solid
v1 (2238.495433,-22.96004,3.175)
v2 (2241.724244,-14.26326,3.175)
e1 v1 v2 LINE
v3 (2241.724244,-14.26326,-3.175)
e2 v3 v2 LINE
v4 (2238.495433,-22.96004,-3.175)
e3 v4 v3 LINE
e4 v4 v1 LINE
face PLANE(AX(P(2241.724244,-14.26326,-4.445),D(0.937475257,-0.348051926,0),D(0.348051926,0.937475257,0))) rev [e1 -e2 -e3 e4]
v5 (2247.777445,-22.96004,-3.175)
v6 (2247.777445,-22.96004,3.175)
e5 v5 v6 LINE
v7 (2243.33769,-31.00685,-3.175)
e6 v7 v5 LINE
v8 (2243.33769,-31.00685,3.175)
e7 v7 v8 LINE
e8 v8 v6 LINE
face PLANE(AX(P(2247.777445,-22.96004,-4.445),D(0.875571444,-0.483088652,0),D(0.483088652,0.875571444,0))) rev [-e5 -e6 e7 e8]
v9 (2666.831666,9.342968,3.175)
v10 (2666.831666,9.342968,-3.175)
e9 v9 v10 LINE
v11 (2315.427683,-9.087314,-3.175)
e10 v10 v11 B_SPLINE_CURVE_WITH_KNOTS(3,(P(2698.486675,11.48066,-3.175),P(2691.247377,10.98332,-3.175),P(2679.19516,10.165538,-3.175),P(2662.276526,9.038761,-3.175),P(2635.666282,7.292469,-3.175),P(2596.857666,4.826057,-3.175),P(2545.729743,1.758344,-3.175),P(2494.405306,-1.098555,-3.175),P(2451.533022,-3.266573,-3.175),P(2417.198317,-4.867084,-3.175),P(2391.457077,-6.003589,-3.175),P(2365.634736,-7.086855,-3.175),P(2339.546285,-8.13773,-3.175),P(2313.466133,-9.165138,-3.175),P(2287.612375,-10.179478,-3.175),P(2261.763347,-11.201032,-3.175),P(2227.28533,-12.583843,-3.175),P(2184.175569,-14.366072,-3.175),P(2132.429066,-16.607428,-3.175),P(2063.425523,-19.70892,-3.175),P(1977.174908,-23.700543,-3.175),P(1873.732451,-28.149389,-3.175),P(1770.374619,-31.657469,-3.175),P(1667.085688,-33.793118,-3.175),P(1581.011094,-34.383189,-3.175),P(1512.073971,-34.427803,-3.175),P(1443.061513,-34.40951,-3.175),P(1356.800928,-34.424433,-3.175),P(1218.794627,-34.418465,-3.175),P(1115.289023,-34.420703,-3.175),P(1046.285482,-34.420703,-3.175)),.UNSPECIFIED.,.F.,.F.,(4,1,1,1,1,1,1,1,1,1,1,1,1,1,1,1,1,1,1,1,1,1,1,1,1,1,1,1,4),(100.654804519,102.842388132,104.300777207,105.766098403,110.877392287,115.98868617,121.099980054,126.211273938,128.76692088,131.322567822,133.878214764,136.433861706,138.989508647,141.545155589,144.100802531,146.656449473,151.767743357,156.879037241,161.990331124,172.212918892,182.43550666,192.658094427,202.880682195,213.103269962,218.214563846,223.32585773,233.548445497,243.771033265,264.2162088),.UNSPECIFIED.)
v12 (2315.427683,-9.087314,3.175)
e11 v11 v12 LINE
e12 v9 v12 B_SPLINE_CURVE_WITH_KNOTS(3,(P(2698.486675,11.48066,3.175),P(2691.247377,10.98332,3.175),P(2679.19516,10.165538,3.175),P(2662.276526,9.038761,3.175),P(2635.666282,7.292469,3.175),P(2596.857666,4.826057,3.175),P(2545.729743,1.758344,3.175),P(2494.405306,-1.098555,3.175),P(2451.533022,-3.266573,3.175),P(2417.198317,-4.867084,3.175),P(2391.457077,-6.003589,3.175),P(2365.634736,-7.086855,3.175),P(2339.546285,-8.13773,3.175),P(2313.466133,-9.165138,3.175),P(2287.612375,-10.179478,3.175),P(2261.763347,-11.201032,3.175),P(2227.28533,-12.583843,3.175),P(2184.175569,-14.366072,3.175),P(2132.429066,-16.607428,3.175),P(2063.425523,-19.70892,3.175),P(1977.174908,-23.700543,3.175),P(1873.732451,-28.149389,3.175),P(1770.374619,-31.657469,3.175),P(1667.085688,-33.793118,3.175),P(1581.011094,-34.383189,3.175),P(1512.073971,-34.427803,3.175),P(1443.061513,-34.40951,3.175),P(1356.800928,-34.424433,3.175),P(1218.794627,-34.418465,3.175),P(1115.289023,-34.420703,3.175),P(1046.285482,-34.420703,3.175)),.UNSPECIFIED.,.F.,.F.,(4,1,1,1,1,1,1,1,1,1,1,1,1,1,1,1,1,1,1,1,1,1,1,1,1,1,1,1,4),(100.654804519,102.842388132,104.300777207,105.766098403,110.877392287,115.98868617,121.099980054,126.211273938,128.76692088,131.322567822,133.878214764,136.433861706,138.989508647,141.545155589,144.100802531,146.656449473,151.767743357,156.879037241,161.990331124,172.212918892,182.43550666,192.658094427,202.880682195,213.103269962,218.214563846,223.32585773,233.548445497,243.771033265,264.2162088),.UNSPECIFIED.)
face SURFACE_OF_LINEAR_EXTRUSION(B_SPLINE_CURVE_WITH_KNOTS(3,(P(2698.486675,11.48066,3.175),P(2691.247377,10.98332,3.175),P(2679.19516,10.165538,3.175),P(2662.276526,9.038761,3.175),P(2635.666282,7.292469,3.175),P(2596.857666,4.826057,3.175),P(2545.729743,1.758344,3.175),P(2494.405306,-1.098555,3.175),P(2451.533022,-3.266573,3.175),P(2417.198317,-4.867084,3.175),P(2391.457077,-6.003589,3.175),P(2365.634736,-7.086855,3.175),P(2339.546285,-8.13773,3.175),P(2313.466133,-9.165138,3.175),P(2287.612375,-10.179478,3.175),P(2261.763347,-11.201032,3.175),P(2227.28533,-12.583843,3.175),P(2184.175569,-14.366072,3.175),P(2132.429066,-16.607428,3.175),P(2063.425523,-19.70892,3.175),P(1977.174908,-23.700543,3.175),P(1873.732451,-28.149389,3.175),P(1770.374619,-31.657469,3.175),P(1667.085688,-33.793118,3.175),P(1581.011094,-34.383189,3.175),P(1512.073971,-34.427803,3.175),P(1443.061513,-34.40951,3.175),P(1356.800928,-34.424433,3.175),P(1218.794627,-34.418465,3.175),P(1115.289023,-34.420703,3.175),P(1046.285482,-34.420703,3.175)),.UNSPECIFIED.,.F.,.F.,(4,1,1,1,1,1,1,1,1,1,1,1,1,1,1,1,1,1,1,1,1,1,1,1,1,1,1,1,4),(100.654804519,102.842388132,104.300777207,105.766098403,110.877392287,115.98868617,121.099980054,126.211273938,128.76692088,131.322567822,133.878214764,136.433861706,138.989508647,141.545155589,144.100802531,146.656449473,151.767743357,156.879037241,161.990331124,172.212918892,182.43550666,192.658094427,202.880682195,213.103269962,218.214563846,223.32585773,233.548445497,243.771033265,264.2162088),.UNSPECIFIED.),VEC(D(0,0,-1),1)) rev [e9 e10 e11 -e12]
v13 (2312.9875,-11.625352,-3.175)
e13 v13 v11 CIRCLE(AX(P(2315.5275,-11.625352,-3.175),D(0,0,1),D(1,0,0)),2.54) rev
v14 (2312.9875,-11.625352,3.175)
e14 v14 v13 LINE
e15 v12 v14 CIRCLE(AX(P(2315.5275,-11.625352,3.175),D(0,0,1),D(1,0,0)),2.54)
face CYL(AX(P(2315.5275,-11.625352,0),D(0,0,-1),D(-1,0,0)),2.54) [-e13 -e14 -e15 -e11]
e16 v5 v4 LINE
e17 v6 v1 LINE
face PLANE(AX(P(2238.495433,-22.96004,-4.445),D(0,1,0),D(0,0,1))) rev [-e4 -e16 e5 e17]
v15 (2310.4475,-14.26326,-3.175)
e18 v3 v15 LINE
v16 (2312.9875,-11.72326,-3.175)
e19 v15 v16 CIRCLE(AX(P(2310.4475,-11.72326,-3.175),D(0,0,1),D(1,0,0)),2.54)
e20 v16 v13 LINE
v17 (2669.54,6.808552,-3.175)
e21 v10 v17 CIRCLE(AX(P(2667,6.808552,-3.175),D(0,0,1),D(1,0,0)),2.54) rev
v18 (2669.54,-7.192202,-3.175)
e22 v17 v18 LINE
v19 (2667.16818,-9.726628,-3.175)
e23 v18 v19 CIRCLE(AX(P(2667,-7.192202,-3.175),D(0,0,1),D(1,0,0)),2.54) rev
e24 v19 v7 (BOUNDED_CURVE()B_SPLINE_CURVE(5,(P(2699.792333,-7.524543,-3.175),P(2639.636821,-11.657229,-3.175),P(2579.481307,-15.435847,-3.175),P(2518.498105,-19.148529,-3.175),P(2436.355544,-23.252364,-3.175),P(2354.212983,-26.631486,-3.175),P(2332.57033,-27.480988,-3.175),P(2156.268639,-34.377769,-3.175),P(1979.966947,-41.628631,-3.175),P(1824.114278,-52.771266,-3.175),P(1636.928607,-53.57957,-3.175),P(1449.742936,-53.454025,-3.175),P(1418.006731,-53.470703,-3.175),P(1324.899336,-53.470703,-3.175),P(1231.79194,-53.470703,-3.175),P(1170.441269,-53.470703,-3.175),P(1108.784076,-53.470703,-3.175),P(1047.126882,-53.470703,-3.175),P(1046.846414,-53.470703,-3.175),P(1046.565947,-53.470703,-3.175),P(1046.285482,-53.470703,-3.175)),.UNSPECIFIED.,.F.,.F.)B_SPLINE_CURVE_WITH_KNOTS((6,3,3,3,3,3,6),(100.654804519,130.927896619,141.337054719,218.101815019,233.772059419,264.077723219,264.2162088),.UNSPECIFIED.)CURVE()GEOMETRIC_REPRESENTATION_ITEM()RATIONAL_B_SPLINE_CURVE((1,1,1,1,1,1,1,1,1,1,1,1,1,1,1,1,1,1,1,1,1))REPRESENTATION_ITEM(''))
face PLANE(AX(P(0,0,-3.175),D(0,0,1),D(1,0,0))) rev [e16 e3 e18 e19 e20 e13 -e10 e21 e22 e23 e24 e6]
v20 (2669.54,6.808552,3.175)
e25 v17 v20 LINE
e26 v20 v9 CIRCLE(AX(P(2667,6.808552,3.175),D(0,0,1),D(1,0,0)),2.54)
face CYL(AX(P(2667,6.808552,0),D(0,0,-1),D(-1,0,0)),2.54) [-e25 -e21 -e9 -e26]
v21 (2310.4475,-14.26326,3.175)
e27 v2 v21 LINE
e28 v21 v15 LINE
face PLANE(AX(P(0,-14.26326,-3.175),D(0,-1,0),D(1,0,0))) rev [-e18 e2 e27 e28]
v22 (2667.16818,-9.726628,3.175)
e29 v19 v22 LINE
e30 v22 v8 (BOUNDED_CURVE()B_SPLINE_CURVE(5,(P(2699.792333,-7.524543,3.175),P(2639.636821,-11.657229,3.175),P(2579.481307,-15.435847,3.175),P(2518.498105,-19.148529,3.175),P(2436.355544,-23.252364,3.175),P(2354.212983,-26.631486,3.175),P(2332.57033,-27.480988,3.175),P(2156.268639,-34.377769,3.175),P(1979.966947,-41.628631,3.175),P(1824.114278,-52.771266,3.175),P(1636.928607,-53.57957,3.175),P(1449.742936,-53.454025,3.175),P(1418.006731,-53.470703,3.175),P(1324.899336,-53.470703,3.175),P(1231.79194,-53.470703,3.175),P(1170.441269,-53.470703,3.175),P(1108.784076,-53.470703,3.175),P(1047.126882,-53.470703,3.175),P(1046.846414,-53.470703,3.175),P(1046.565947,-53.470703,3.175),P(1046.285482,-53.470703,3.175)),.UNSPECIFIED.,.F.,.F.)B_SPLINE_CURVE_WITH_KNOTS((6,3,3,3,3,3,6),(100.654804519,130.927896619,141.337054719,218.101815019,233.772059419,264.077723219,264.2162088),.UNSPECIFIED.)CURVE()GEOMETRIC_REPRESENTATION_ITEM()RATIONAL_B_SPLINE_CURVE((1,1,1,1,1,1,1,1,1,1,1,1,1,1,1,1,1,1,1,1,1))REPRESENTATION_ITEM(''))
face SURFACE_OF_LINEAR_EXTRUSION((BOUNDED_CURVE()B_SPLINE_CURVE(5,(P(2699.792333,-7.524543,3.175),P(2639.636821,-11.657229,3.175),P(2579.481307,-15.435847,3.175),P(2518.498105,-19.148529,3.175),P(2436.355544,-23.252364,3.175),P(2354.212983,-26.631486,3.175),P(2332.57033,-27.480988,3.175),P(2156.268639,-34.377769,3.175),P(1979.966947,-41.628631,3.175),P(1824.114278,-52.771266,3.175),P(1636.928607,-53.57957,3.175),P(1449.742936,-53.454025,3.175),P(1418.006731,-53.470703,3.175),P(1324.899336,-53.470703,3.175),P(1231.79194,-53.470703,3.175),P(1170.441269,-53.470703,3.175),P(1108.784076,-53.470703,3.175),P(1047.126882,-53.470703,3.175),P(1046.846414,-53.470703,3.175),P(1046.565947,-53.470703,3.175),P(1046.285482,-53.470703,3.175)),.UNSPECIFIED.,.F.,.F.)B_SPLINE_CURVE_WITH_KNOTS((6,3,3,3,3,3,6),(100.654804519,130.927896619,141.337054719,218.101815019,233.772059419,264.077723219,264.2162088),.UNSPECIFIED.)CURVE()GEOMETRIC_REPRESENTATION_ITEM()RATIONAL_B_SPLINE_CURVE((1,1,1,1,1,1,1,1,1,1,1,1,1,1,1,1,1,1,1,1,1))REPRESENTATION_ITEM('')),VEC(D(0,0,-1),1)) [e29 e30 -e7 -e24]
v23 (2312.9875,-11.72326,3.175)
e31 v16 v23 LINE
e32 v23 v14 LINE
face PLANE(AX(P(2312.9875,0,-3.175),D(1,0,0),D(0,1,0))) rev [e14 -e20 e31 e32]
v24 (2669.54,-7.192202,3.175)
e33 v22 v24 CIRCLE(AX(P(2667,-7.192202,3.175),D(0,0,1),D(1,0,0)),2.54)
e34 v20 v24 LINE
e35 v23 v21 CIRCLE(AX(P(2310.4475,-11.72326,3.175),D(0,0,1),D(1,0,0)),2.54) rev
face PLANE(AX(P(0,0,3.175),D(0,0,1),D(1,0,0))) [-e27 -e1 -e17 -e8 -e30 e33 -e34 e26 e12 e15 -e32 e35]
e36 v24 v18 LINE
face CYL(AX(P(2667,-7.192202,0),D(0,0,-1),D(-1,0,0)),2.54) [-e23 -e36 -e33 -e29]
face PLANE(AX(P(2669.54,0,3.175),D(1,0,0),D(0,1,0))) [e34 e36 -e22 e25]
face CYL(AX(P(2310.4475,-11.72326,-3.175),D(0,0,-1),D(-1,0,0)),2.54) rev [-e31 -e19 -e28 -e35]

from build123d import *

# Parameters (mm, degrees)
BOSS_EXTRUDE1_DEPTH = 3.175
CUT_EXTRUDE1_DEPTH  = 7.3500001
FILLET1_R           = 2.54
CUT_EXTRUDE2_DEPTH  = 7.62


with BuildPart() as part:
    # Sketch1 → Boss-Extrude1 (new body, symmetric)
    with BuildSketch(Plane.XY):
        with BuildLine():
            Line((499.61002795, -53.470702797), (1046.28548189, -53.470702797))
            add(Edge.make_bspline(
                [(2669.54, -9.569049356), (2615.393603553, -13.17073937), (2561.080658619, -16.536108081), (2506.205230446, -19.758621957), (2430.209106802, -23.505211705), (2354.212983157, -26.631486423), (2332.570330468, -27.480988169), (2156.268639429, -34.377768543), (1979.966947376, -41.628631248), (1824.114277635, -52.771265877), (1636.928606778, -53.579569849), (1449.742935921, -53.454024613), (1418.006730935, -53.470702797), (1324.899336146, -53.470702797), (1231.791940344, -53.470702797), (1170.441269319, -53.470702797), (1108.784075813, -53.470702797), (1047.126882346, -53.470702797), (1046.846414188, -53.470702797), (1046.565947184, -53.470702797), (1046.28548189, -53.470702797)],
                knots=[103.698913506, 103.698913506, 103.698913506, 103.698913506, 103.698913506, 103.698913506, 130.927896619, 130.927896619, 130.927896619, 141.337054719, 141.337054719, 141.337054719, 218.101815019, 218.101815019, 218.101815019, 233.772059419, 233.772059419, 233.772059419, 264.077723219, 264.077723219, 264.077723219, 264.2162088, 264.2162088, 264.2162088, 264.2162088, 264.2162088, 264.2162088], degree=5))
            Line((2669.54, -9.569049356), (2669.54, 9.5231025))
            add(Edge.make_bspline(
                [(2669.54, 9.5231025), (2667.126494524, 9.36235515), (2659.861586685, 8.880281494), (2635.666282302, 7.292469146), (2596.857665529, 4.826056853), (2545.729743039, 1.758344093), (2494.405305707, -1.098555235), (2451.533022267, -3.266573297), (2417.198316756, -4.86708361), (2391.457076919, -6.003589235), (2365.634736307, -7.086854581), (2339.546284672, -8.137729944), (2313.466132974, -9.165138371), (2287.612375486, -10.179478215), (2261.763347437, -11.201032297), (2227.285329715, -12.583842557), (2184.175569393, -14.36607236), (2132.429066114, -16.607427868), (2063.4255234, -19.708920485), (1977.174907635, -23.700543313), (1873.732451432, -28.149389221), (1770.37461881, -31.657468649), (1667.085687813, -33.793117556), (1581.011094491, -34.383188831), (1512.07397126, -34.4278026), (1443.061513477, -34.409510402), (1356.800927879, -34.424432812), (1218.794626954, -34.418464788), (1115.289022786, -34.420702797), (1046.28548189, -34.420702797)],
                knots=[103.571582669, 103.571582669, 103.571582669, 103.571582669, 104.300777207, 105.766098403, 110.877392287, 115.98868617, 121.099980054, 126.211273938, 128.76692088, 131.322567822, 133.878214764, 136.433861706, 138.989508647, 141.545155589, 144.100802531, 146.656449473, 151.767743357, 156.879037241, 161.990331124, 172.212918892, 182.43550666, 192.658094427, 202.880682195, 213.103269962, 218.214563846, 223.32585773, 233.548445497, 243.771033265, 264.2162088, 264.2162088, 264.2162088, 264.2162088], degree=3))
            Line((1046.28548189, -34.420702797), (499.61002795, -34.420702797))
            add(Edge.make_bspline(
                [(499.61002795, -34.420702797), (488.614737518, -34.420702797), (472.236395365, -34.420702798), (449.940231846, -34.420702794), (427.771305695, -34.42070281), (405.874681663, -34.420702712), (384.584909128, -34.420702942), (368.900229326, -34.420702244), (353.376568613, -34.420704862), (332.608466435, -34.420689186), (306.287754853, -34.420570006), (274.023487704, -34.420538256), (252.271015965, -34.420709741), (241.425150134, -34.420702761)],
                knots=[19.90682951, 19.90682951, 19.90682951, 19.90682951, 23.220120017, 24.876765271, 26.533410525, 29.846701033, 31.503346286, 33.15999154, 34.816636794, 36.473282048, 39.786572556, 43.099863063, 46.413153571, 46.413153571, 46.413153571, 46.413153571], degree=3))
            add(Edge.make_bspline(
                [(241.425150134, -34.420702761), (239.394928853, -34.420701455), (235.322322927, -34.420495867), (227.274423443, -34.398702533), (217.319360062, -34.297466855), (205.530690077, -33.976385563), (189.963341914, -33.212641271), (170.696984653, -31.543495194), (147.533261232, -28.314398128), (125.482753206, -24.202109872), (109.358914834, -20.622537553), (100.964116069, -18.612521054), (99.06, -18.149327722)],
                knots=[0, 0, 0, 0, 0.622088422, 1.244176844, 2.488353689, 3.732530533, 4.976707377, 7.465061066, 9.953414755, 12.441768444, 14.55823542, 15.180323842, 15.180323842, 15.180323842, 15.180323842], degree=3))
            Line((99.06, -18.149327722), (99.06, -37.741485304))
            add(Edge.make_bspline(
                [(241.425137875, -53.470702761), (224.286916993, -53.470691732), (207.149474967, -53.467315374), (190.203897513, -52.686577078), (161.734965878, -49.987457476), (133.266034188, -45.175583375), (121.749620566, -42.910592695), (110.349390726, -40.420274627), (99.06, -37.741485304)],
                knots=[0, 0, 0, 0, 0, 0, 8.71381608, 8.71381608, 8.71381608, 14.701907176, 14.701907176, 14.701907176, 14.701907176, 14.701907176, 14.701907176], degree=5))
            add(Edge.make_bspline(
                [(499.61002795, -53.470702797), (492.136820835, -53.470702797), (484.754348064, -53.470702797), (477.443025859, -53.470702797), (448.516583145, -53.470702797), (419.590140517, -53.470702797), (398.368118521, -53.470702797), (355.647540186, -53.470702797), (312.926961851, -53.470702797), (289.235090436, -53.470293029), (265.364963651, -53.470705034), (241.4948369, -53.470702789), (241.471603891, -53.470702785), (241.448370882, -53.470702776), (241.425137875, -53.470702761)],
                knots=[19.90682951, 19.90682951, 19.90682951, 19.90682951, 19.90682951, 19.90682951, 23.637897311, 23.637897311, 23.637897311, 34.276545571, 34.276545571, 34.276545571, 46.401340901, 46.401340901, 46.401340901, 46.413153571, 46.413153571, 46.413153571, 46.413153571, 46.413153571, 46.413153571], degree=5))
        make_face()
    extrude(amount=BOSS_EXTRUDE1_DEPTH, both=True)

    # Sketch2 → Cut-Extrude1 (cut, through all)
    with BuildSketch(Plane.XY.offset(3.175)):
        with BuildLine():
            add(Edge.make_bspline(
                [(2312.9875, -9.183260037), (2304.505441691, -9.516700376), (2287.441020622, -10.186250162), (2261.763347437, -11.201032297), (2228.230552004, -12.545932515), (2203.310445107, -13.575047161), (2187.00995947, -14.263260037)],
                knots=[139.04033329, 139.04033329, 139.04033329, 139.04033329, 141.545155589, 144.100802531, 146.656449473, 151.487488909, 151.487488909, 151.487488909, 151.487488909], degree=3))
            Line((2187.00995947, -14.263260037), (2312.9875, -14.263260037))
            Line((2312.9875, -14.263260037), (2312.9875, -9.183260037))
        make_face()
    extrude(amount=-CUT_EXTRUDE1_DEPTH, mode=Mode.SUBTRACT)

    # Fillet1
    fillet1_edges = [part.edges().sort_by_distance(p)[0] for p in [
        (2669.54, -9.569049356, -1.5875),
        (2669.54, 9.5231025, -1.5875),
        (99.06, -37.741485304, -1.5875),
        (99.06, -18.149327722, -1.5875),
        (2312.9875, -9.183260037, 1.5875),
        (2312.9875, -14.263260037, 0),
    ]]
    fillet(fillet1_edges, radius=FILLET1_R)

    # Sketch3 → Cut-Extrude2 (cut)
    with BuildSketch(Plane.XY.offset(3.175)):
        Polygon((2241.72424439, -14.263260032), (2238.495432608, -22.960040401), (2247.777444945, -22.960040401), (2243.337690155, -31.006850231), (2243.337690155, -46.204944132), (-44.767190061, -591.123475599), (-136.430103916, 149.230828615), (2241.72424439, 0), align=None)
    extrude(amount=-CUT_EXTRUDE2_DEPTH, mode=Mode.SUBTRACT)


solid = part.part
